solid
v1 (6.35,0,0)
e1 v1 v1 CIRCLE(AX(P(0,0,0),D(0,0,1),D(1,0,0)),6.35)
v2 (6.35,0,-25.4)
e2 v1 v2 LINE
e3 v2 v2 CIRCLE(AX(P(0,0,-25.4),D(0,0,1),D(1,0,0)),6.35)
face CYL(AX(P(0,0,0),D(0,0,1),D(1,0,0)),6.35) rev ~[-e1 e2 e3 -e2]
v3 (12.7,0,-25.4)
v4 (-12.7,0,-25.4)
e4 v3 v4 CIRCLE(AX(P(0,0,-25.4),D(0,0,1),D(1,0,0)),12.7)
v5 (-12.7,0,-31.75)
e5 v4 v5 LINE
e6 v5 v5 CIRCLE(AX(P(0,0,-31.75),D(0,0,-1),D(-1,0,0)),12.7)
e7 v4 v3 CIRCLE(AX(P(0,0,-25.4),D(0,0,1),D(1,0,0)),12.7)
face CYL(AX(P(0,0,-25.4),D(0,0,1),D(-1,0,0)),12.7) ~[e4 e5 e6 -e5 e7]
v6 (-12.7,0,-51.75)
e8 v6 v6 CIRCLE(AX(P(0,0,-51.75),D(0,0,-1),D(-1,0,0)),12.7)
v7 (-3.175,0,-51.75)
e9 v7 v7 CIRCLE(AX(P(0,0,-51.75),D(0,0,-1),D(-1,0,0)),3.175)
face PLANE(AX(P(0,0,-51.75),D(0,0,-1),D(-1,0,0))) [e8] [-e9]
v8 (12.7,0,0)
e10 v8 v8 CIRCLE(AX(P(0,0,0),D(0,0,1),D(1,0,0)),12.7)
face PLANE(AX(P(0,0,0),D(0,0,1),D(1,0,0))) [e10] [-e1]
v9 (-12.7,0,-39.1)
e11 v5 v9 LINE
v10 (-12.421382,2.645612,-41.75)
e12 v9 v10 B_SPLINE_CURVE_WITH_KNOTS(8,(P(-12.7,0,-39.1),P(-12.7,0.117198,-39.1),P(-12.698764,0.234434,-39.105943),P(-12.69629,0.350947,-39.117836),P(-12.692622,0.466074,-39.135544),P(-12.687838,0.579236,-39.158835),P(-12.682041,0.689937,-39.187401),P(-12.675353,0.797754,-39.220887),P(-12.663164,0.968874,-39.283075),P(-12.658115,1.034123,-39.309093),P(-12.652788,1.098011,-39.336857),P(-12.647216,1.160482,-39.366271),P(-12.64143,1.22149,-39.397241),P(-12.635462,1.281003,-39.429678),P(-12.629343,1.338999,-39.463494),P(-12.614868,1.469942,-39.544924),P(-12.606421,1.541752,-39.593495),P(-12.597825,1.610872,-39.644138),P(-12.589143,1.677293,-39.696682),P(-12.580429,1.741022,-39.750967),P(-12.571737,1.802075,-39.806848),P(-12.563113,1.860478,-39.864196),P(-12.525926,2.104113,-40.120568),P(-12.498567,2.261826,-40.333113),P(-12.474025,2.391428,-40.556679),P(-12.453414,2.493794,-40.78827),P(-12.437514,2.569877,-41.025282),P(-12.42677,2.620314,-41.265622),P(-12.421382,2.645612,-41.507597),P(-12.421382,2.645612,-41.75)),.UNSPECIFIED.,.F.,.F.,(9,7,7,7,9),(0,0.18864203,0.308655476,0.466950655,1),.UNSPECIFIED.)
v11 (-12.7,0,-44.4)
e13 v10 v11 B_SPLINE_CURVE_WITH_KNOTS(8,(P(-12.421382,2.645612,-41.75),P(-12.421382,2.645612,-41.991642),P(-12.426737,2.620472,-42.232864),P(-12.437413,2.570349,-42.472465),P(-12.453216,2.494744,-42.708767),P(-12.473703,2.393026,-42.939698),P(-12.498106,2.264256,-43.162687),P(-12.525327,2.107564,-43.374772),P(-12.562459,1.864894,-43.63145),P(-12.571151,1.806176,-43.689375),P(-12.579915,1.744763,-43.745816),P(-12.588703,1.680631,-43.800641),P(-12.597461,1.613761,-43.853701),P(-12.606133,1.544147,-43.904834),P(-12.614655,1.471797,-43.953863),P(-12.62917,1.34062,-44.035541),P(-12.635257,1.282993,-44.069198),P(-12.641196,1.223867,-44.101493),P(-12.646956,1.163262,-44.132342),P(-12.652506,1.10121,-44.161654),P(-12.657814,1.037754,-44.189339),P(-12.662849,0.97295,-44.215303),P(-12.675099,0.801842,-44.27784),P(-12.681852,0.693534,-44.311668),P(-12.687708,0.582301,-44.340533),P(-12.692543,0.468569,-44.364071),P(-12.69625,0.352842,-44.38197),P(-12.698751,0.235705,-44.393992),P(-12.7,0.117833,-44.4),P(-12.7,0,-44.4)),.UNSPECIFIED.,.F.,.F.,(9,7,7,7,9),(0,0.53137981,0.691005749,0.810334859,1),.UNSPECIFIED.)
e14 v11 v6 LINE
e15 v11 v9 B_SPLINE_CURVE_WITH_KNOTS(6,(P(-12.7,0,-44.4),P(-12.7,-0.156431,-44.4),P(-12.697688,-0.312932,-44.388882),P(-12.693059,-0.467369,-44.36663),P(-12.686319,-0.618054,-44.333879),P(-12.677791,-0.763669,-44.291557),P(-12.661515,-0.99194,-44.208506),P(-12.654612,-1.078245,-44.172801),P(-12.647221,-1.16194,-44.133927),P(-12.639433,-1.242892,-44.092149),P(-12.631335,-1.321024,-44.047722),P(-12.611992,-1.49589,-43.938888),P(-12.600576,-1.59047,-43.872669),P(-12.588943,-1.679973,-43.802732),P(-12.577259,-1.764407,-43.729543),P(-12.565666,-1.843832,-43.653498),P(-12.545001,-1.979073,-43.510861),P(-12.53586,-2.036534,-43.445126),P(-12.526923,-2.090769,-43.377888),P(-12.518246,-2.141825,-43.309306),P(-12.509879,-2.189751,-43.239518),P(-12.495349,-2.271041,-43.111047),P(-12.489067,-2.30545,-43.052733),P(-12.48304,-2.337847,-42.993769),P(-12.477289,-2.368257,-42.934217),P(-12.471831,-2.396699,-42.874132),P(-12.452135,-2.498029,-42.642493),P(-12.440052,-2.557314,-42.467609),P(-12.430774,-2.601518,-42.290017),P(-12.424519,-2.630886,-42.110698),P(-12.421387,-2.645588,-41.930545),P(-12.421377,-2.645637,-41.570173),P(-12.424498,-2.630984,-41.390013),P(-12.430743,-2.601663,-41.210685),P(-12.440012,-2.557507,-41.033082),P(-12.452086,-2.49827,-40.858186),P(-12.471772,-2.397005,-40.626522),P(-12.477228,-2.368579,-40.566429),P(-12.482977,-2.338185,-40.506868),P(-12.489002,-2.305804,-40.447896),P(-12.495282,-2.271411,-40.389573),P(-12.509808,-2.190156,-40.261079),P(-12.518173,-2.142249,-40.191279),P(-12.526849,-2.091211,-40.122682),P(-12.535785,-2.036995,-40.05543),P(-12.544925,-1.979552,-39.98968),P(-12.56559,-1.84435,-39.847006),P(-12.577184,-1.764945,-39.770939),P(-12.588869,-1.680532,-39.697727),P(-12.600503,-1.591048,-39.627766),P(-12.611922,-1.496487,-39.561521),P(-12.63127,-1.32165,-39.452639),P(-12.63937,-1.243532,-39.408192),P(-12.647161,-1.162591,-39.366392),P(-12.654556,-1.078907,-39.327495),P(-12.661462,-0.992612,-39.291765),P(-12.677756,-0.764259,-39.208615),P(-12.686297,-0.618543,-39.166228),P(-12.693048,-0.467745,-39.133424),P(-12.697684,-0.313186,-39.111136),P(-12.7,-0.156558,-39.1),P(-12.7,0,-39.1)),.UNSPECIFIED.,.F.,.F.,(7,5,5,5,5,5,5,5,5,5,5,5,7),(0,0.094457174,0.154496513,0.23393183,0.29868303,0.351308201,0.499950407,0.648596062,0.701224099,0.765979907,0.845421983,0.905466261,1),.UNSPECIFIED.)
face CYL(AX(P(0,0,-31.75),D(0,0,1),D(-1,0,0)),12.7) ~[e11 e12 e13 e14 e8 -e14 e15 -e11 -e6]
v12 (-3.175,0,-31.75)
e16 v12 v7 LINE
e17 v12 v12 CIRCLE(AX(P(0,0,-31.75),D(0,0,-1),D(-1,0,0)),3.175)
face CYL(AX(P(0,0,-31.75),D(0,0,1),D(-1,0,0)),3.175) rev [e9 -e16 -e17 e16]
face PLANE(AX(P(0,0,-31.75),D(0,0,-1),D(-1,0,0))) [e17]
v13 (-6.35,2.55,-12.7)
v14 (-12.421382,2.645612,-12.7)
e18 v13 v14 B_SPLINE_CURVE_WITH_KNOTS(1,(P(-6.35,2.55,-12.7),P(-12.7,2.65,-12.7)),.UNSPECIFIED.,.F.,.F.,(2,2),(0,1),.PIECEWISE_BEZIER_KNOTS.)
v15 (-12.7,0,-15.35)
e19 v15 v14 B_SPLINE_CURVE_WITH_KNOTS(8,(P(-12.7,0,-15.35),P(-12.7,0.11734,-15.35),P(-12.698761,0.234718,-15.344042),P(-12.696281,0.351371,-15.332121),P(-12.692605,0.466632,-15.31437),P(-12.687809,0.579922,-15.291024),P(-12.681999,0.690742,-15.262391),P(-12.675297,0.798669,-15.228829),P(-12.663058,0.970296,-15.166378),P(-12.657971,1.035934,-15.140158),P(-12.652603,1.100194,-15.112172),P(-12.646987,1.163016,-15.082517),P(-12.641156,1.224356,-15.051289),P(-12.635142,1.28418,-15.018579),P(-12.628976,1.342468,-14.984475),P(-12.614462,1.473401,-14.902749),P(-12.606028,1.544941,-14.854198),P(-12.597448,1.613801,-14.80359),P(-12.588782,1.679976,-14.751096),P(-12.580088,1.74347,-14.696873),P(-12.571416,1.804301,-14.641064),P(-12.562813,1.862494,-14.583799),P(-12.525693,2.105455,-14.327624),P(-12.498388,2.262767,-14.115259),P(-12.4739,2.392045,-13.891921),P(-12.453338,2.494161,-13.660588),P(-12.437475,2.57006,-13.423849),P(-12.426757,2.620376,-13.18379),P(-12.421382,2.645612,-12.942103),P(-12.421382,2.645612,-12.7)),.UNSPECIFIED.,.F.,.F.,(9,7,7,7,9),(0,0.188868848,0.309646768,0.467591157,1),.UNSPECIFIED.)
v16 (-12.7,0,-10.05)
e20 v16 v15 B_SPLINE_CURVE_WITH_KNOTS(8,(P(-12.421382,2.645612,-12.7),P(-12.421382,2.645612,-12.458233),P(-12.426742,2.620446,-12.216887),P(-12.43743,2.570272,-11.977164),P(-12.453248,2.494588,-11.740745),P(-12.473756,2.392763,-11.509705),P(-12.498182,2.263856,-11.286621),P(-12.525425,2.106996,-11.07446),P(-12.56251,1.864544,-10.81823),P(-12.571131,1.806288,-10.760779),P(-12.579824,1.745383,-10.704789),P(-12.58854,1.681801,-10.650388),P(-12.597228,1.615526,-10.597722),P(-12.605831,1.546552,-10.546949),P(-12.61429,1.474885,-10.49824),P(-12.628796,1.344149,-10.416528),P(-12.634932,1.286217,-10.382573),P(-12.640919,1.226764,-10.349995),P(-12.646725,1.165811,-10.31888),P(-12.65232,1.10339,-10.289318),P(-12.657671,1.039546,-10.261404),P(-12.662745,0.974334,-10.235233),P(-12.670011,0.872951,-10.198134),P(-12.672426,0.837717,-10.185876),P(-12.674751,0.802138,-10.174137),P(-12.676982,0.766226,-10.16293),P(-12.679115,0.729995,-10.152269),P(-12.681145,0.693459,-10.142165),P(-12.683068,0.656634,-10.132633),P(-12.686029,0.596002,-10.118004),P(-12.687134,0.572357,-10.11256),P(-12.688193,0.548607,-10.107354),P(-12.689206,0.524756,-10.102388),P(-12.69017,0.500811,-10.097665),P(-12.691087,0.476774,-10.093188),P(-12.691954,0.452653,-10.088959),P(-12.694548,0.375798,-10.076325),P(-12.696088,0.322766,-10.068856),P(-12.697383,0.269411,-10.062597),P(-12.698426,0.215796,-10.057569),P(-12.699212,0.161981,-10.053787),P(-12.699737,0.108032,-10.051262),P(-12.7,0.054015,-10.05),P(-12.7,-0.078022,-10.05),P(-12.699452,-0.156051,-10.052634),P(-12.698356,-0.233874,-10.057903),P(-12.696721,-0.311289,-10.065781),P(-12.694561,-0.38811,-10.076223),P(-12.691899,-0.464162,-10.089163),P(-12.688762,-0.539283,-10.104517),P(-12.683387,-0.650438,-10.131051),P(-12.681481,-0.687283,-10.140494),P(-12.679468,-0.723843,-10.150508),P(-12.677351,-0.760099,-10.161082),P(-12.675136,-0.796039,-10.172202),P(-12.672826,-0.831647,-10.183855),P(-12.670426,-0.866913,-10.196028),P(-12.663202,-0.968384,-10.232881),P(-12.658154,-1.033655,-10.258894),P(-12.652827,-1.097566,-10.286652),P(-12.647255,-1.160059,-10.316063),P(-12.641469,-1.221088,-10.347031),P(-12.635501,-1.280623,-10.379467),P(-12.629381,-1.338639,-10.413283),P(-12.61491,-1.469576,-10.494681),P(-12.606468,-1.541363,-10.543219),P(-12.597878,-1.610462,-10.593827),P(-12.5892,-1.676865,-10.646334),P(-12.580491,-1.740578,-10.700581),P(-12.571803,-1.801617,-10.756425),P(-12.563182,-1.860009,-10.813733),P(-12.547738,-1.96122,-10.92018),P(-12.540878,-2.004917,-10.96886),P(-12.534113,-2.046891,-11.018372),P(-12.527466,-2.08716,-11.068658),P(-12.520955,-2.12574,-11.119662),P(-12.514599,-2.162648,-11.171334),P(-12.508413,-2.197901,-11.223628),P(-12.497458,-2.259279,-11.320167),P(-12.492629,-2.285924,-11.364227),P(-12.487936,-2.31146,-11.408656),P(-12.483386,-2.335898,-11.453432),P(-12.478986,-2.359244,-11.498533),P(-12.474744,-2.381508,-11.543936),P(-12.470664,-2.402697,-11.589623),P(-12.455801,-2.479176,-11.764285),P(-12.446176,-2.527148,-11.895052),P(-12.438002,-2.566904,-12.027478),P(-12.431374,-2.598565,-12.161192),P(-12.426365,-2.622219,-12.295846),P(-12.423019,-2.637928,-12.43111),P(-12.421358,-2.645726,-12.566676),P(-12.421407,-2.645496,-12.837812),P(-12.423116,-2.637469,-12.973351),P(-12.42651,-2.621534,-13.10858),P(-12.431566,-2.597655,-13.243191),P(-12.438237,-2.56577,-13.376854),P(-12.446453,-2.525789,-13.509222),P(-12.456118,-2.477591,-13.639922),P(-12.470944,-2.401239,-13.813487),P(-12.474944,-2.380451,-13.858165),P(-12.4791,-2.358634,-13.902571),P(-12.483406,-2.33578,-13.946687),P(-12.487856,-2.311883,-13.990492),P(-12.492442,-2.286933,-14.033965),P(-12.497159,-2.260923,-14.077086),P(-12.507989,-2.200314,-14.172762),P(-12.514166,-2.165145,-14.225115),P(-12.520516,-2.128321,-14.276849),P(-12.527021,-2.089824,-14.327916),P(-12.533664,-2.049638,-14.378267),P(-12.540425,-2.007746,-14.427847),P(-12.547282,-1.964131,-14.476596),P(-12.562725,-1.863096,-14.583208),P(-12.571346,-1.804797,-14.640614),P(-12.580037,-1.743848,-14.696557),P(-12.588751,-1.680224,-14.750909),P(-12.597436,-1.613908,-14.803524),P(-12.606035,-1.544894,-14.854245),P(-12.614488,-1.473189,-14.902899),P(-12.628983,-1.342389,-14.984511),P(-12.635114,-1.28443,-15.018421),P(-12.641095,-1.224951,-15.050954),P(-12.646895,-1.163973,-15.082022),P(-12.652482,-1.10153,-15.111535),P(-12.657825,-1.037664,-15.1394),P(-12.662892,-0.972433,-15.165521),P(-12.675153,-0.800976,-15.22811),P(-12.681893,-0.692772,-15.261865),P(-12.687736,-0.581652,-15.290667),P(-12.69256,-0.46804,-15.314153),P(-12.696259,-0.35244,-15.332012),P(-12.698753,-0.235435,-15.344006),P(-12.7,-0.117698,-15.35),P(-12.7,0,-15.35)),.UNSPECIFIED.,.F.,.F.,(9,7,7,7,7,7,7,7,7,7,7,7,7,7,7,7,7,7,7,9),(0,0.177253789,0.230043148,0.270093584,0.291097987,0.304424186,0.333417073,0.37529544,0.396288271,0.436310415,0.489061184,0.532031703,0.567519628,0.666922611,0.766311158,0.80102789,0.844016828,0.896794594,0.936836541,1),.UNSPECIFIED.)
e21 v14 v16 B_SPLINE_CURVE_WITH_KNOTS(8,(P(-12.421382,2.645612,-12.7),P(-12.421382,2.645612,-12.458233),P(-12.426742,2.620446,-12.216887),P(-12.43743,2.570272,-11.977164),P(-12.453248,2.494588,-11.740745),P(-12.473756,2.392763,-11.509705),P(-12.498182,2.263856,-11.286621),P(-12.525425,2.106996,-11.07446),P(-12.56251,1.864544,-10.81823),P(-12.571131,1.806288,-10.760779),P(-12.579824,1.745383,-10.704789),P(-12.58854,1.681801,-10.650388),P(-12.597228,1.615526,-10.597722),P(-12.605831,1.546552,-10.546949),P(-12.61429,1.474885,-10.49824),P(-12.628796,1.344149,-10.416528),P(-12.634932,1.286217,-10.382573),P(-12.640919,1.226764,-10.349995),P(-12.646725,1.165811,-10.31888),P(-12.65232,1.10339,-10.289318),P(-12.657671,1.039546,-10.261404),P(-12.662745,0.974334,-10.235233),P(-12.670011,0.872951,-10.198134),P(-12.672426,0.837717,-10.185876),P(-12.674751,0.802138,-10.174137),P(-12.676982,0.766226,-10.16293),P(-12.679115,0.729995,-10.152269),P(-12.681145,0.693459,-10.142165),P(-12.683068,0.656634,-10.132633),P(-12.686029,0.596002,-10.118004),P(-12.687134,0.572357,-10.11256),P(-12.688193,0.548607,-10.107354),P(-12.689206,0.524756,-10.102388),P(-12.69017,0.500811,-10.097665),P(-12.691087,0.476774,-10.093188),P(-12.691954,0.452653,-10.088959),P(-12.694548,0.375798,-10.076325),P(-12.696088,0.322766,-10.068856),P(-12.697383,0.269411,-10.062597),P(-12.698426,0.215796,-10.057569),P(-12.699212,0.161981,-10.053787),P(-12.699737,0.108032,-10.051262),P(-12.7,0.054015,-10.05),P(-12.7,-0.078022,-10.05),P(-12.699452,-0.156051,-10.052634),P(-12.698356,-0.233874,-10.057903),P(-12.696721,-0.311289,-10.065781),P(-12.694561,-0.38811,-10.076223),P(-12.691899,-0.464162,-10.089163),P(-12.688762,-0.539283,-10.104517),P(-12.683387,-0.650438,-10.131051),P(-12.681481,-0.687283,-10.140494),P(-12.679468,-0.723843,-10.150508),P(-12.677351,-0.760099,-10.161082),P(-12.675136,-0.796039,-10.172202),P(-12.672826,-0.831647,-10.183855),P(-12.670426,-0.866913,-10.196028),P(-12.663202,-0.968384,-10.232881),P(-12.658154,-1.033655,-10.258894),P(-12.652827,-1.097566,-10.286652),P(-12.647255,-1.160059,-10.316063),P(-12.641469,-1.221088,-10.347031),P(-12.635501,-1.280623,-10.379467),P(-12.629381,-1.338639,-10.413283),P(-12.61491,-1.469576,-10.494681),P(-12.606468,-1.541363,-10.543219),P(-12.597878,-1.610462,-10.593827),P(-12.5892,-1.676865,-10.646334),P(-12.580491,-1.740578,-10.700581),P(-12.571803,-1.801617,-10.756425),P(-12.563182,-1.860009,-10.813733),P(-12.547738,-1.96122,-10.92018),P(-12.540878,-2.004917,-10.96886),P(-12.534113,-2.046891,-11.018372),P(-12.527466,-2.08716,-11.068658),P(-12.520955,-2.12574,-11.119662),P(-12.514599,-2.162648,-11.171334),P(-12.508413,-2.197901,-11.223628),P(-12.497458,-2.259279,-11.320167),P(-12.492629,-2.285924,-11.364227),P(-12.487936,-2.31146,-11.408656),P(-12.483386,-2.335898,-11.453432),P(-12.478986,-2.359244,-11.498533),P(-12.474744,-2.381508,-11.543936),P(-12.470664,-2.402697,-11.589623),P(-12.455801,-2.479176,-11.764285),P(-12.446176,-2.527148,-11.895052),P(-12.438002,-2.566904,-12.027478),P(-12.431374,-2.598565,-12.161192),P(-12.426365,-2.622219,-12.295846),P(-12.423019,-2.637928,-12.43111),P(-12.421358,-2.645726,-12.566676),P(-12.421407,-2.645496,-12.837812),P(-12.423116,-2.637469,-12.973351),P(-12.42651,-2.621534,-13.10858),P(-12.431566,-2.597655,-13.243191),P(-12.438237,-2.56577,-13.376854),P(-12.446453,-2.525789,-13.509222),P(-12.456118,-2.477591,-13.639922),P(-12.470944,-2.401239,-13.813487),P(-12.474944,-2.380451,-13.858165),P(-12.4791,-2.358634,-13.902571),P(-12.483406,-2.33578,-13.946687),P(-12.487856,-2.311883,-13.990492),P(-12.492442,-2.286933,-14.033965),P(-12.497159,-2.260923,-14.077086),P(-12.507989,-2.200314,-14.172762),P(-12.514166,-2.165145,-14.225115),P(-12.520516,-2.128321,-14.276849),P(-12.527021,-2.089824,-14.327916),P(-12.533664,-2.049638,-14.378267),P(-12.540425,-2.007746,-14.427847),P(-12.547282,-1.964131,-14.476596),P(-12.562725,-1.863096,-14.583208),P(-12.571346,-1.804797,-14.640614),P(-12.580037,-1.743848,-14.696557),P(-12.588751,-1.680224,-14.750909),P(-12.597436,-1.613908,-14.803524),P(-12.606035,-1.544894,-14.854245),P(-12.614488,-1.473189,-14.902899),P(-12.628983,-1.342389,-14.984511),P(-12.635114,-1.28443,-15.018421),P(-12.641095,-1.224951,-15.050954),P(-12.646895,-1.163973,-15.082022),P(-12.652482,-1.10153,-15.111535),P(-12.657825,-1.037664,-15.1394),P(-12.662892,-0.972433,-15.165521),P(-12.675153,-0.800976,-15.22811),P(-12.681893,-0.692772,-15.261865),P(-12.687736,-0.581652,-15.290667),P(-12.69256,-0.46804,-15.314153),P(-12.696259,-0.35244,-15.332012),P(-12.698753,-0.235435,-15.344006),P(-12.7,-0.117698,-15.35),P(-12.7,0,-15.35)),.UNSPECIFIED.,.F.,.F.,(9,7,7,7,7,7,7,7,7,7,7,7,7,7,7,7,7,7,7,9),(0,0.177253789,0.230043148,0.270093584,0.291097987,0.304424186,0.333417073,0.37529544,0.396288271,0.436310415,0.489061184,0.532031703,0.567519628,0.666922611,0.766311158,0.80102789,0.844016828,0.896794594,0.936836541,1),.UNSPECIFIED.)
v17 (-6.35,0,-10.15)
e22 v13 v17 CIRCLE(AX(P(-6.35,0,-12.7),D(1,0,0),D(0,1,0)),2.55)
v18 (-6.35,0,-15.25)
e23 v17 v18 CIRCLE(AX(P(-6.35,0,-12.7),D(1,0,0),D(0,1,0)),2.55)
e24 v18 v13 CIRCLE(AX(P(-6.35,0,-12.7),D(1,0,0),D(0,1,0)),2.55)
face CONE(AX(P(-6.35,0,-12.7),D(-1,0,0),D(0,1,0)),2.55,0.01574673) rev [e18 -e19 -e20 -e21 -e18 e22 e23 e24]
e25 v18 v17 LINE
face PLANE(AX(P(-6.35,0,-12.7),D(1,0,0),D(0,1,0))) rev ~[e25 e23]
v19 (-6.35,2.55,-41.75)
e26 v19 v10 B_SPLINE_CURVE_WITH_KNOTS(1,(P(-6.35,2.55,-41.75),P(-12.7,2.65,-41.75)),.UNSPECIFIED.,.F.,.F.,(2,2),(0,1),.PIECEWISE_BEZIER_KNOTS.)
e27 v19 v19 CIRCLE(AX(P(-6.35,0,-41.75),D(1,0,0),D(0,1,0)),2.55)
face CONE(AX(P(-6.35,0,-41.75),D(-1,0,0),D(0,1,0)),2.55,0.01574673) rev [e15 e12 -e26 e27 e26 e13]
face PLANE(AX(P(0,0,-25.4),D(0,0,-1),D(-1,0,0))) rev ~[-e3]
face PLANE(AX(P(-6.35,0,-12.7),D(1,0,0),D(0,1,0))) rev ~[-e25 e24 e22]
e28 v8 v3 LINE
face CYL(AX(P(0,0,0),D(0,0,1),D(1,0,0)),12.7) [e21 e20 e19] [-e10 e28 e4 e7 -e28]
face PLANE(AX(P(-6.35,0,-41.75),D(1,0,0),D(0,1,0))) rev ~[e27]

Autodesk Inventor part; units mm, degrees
ref_plane "XZ Plane" through (0, 0, 0) normal (0, 1, 0) x (-1, 0, 0)
ref_plane "XY Plane" through (0, 0, 0) normal (0, 0, 1) x (1, 0, 0)
sketch "Sketch1" plane through (0, 0, 0) normal (0, 0, 1) x (1, 0, 0)
  circle A0 centre (0, 0) radius 12.7
  circle A1 centre (0, 0) radius 6.35
  dimension "d0" = 25.4
  dimension "d1" = 12.7
extrude "Extrusion1" add sketch "Sketch1" against normal blind 25.4
sketch "Sketch2" plane through (0, 0, 0) normal (0, 1, 0) x (-1, 0, 0)
  point P0 (0, 0)
ref_plane "Work Plane2" through (-12.7, 0, 0) normal (1, 0, 0) x (0, 1, 0)
ref_plane "Work Plane1" through (-6.35, 0, 0) normal (1, 0, 0) x (0, 1, 0)
sketch "Sketch3" plane through (-6.35, 0, 0) normal (1, 0, 0) x (0, 1, 0)
  line L0 (-12.7, -25.4) -> (12.7, -25.4) construction
  line L1 (0, -25.4) -> (0, 0) construction
  circle A0 centre (0, -12.7) radius 2.55
  dimension "d6" = 5.1
sketch "Sketch4" plane through (-12.7, 0, 0) normal (1, 0, 0) x (0, 1, 0)
  line L0 (-12.7, -25.4) -> (12.7, -25.4) construction
  line L1 (0, -25.4) -> (0, 0) construction
  circle A0 centre (0, -12.7) radius 2.65
  dimension "d7" = 5.3
loft "Loft1" cut profiles "Sketch3", "Sketch4"
sketch "Sketch5" plane through (0, 0, -25.4) normal (0, 0, -1) x (-1, 0, 0)
  circle A0 centre (0, 0) radius 6.35 projected
  circle A1 centre (0, 0) radius 12.7
extrude "Extrusion2" add sketch "Sketch5" along normal blind 6.35 contours A0 | A1
sketch "Sketch6" plane through (0, 0, -31.75) normal (0, 0, -1) x (-1, 0, 0)
  circle A0 centre (0, 0) radius 12.7
  circle A1 centre (0, 0) radius 3.175
  dimension "d14" = 6.35
extrude "Extrusion3" add sketch "Sketch6" along normal blind 20
sketch "Sketch7" plane through (-6.35, 0, 0) normal (1, 0, 0) x (0, 1, 0)
  line L0 (-12.7, -51.75) -> (12.7, -51.75) construction
  line L1 (0, -51.75) -> (0, -31.75) construction
  line L2 (-3.175, -31.75) -> (3.175, -31.75) construction
  circle A0 centre (0, -41.75) radius 2.55
  point P0 (0, 0)
  dimension "d17" = 5.1
sketch "Sketch8" plane through (-12.7, 0, 0) normal (1, 0, 0) x (0, 1, 0)
  line L0 (-12.7, -51.75) -> (12.7, -51.75) construction
  line L1 (0, -51.75) -> (0, -31.75) construction
  line L2 (-3.175, -31.75) -> (3.175, -31.75) construction
  circle A0 centre (0, -41.75) radius 2.65
  point P0 (0, 0)
  dimension "d18" = 5.3
loft "Loft2" cut profiles "Sketch7", "Sketch8"
properties part number "Threaded Rod Coupler"
